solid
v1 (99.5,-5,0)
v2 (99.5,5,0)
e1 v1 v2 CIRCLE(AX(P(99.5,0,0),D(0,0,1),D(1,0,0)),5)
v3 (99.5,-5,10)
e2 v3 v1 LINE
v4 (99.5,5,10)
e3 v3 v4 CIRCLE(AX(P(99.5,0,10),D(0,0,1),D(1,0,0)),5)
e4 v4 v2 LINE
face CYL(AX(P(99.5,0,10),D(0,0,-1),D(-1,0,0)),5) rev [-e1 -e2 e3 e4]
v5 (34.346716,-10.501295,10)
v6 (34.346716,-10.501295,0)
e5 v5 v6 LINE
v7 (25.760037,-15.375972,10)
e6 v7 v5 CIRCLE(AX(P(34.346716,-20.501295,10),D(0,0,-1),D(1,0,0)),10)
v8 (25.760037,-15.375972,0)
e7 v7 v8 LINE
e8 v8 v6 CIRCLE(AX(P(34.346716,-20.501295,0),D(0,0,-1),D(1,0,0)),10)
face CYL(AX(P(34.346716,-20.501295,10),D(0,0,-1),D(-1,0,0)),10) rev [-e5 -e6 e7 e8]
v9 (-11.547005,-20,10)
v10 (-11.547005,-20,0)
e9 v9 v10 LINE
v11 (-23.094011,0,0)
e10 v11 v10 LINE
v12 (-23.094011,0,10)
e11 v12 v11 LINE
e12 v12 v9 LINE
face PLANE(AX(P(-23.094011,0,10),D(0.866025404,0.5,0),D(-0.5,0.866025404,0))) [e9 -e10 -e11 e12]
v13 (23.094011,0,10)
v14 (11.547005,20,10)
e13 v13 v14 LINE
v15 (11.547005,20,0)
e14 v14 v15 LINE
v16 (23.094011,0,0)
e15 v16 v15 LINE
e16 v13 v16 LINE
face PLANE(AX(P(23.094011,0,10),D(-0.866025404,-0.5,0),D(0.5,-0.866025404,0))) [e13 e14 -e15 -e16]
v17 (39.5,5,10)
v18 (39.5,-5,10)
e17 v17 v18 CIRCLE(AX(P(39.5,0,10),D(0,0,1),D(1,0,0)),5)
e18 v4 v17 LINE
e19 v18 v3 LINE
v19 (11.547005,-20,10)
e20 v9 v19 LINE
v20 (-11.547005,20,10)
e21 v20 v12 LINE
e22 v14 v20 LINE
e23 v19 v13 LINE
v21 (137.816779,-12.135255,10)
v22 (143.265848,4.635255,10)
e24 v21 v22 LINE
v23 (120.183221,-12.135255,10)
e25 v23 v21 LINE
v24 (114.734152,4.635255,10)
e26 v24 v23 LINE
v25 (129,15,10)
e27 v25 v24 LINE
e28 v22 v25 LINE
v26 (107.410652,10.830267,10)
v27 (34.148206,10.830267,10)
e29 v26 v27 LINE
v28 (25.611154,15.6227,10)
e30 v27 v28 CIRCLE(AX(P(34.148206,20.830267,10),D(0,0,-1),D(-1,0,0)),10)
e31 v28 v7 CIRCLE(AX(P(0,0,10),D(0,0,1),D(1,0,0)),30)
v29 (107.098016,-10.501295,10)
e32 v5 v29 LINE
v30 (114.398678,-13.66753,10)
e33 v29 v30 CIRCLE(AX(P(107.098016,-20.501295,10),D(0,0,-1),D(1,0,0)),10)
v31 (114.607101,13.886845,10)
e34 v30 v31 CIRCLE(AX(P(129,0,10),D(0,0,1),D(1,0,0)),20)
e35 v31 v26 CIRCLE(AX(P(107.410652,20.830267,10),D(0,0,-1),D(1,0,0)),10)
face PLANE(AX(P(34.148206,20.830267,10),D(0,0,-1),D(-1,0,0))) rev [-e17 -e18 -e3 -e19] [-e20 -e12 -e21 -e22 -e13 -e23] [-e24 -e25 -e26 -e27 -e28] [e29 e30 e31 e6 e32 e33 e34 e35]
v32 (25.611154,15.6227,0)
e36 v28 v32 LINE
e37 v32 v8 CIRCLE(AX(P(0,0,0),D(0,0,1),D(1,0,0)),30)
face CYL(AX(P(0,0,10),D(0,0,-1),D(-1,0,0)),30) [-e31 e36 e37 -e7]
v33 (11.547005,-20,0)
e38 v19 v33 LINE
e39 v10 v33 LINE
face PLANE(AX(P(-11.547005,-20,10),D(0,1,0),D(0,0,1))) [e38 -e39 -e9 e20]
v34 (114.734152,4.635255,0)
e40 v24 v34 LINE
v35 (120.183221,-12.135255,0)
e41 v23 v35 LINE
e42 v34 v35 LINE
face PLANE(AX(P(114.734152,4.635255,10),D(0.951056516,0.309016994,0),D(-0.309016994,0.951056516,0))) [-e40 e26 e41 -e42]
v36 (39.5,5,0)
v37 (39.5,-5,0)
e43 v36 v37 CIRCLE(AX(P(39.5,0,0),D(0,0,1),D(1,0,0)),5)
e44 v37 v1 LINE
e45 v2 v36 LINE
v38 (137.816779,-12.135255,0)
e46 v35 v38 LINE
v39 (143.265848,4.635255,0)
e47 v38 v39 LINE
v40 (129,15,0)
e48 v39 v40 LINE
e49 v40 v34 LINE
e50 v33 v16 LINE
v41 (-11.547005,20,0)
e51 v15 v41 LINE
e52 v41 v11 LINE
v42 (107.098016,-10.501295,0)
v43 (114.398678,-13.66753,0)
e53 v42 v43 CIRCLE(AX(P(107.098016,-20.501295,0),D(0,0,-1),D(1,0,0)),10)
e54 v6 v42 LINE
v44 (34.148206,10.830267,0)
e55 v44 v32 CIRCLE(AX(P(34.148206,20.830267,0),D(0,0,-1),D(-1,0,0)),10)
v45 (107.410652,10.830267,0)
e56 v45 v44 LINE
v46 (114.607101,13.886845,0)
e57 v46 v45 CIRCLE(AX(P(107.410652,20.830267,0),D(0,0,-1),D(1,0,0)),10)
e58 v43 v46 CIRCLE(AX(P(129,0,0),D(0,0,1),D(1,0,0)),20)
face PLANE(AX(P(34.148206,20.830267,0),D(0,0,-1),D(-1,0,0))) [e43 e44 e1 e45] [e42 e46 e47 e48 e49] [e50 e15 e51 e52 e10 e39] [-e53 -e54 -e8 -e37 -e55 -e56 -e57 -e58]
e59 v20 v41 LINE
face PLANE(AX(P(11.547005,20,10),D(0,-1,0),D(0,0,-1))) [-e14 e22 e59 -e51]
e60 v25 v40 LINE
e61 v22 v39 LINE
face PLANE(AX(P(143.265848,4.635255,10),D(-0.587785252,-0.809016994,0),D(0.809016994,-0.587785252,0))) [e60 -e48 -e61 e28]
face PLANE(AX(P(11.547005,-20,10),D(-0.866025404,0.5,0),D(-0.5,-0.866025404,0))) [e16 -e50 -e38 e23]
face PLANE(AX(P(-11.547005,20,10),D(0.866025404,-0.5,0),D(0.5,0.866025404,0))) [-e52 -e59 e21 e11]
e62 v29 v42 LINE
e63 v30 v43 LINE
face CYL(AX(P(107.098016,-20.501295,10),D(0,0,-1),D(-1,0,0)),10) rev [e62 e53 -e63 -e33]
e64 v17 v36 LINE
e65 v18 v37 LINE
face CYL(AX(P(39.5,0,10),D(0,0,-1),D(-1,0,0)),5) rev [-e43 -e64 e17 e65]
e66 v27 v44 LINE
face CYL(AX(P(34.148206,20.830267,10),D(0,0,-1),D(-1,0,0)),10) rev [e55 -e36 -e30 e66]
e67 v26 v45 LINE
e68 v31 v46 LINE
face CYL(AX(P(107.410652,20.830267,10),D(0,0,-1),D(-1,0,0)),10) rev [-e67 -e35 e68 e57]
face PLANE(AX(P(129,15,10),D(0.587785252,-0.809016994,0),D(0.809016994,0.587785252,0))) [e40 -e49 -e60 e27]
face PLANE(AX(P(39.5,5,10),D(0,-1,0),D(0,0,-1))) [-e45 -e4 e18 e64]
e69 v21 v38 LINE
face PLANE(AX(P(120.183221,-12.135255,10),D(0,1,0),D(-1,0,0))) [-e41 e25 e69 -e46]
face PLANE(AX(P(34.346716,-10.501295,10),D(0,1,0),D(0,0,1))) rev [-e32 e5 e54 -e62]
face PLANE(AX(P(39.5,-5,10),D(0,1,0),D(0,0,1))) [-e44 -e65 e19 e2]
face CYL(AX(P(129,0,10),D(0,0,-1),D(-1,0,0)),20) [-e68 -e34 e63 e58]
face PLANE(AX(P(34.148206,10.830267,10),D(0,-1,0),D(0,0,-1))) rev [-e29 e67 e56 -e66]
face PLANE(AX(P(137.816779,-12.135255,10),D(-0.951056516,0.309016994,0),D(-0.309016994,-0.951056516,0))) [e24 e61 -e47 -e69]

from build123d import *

# Parameters (mm, degrees)
BOSS_EXTRUDE1_DEPTH = 10


with BuildPart() as part:
    # Sketch1 → Boss-Extrude1 (new body)
    with BuildSketch(Plane.XY):
        with BuildLine():
            Line((34.148205858, 10.830267321), (107.410651623, 10.830267321))
            ThreePointArc((107.410651623, 10.830267321), (111.319985045, 11.626077395), (114.607101082, 13.886844881))
            ThreePointArc((114.607101082, 13.886844881), (148.999427872, -0.151277258), (114.398677604, -13.667530292))
            ThreePointArc((114.398677604, -13.667530292), (111.076857226, -11.326938473), (107.098016406, -10.501295438))
            Line((107.098016406, -10.501295438), (34.346715787, -10.501295438))
            ThreePointArc((34.346715787, -10.501295438), (29.409775368, -11.80493877), (25.76003684, -15.375971579))
            ThreePointArc((25.76003684, -15.375971579), (-29.999653993, -0.144084298), (25.611154394, 15.622700491))
            ThreePointArc((25.611154394, 15.622700491), (29.253089327, 12.110299767), (34.148205858, 10.830267321))
        make_face()
        Polygon((11.547005384, 20), (-11.547005384, 20), (-23.094010768, 0), (-11.547005384, -20), (11.547005384, -20), (23.094010768, 0), align=None, mode=Mode.SUBTRACT)
        Polygon((129, 15), (114.734152256, 4.635254916), (120.183221216, -12.135254916), (137.816778784, -12.135254916), (143.265847744, 4.635254916), align=None, mode=Mode.SUBTRACT)
        with BuildLine():
            Line((39.5, 5), (99.5, 5))
            ThreePointArc((99.5, 5), (104.5, 0), (99.5, -5))
            Line((99.5, -5), (39.5, -5))
            ThreePointArc((39.5, -5), (34.5, 0), (39.5, 5))
        make_face(mode=Mode.SUBTRACT)
    extrude(amount=BOSS_EXTRUDE1_DEPTH)


solid = part.part
